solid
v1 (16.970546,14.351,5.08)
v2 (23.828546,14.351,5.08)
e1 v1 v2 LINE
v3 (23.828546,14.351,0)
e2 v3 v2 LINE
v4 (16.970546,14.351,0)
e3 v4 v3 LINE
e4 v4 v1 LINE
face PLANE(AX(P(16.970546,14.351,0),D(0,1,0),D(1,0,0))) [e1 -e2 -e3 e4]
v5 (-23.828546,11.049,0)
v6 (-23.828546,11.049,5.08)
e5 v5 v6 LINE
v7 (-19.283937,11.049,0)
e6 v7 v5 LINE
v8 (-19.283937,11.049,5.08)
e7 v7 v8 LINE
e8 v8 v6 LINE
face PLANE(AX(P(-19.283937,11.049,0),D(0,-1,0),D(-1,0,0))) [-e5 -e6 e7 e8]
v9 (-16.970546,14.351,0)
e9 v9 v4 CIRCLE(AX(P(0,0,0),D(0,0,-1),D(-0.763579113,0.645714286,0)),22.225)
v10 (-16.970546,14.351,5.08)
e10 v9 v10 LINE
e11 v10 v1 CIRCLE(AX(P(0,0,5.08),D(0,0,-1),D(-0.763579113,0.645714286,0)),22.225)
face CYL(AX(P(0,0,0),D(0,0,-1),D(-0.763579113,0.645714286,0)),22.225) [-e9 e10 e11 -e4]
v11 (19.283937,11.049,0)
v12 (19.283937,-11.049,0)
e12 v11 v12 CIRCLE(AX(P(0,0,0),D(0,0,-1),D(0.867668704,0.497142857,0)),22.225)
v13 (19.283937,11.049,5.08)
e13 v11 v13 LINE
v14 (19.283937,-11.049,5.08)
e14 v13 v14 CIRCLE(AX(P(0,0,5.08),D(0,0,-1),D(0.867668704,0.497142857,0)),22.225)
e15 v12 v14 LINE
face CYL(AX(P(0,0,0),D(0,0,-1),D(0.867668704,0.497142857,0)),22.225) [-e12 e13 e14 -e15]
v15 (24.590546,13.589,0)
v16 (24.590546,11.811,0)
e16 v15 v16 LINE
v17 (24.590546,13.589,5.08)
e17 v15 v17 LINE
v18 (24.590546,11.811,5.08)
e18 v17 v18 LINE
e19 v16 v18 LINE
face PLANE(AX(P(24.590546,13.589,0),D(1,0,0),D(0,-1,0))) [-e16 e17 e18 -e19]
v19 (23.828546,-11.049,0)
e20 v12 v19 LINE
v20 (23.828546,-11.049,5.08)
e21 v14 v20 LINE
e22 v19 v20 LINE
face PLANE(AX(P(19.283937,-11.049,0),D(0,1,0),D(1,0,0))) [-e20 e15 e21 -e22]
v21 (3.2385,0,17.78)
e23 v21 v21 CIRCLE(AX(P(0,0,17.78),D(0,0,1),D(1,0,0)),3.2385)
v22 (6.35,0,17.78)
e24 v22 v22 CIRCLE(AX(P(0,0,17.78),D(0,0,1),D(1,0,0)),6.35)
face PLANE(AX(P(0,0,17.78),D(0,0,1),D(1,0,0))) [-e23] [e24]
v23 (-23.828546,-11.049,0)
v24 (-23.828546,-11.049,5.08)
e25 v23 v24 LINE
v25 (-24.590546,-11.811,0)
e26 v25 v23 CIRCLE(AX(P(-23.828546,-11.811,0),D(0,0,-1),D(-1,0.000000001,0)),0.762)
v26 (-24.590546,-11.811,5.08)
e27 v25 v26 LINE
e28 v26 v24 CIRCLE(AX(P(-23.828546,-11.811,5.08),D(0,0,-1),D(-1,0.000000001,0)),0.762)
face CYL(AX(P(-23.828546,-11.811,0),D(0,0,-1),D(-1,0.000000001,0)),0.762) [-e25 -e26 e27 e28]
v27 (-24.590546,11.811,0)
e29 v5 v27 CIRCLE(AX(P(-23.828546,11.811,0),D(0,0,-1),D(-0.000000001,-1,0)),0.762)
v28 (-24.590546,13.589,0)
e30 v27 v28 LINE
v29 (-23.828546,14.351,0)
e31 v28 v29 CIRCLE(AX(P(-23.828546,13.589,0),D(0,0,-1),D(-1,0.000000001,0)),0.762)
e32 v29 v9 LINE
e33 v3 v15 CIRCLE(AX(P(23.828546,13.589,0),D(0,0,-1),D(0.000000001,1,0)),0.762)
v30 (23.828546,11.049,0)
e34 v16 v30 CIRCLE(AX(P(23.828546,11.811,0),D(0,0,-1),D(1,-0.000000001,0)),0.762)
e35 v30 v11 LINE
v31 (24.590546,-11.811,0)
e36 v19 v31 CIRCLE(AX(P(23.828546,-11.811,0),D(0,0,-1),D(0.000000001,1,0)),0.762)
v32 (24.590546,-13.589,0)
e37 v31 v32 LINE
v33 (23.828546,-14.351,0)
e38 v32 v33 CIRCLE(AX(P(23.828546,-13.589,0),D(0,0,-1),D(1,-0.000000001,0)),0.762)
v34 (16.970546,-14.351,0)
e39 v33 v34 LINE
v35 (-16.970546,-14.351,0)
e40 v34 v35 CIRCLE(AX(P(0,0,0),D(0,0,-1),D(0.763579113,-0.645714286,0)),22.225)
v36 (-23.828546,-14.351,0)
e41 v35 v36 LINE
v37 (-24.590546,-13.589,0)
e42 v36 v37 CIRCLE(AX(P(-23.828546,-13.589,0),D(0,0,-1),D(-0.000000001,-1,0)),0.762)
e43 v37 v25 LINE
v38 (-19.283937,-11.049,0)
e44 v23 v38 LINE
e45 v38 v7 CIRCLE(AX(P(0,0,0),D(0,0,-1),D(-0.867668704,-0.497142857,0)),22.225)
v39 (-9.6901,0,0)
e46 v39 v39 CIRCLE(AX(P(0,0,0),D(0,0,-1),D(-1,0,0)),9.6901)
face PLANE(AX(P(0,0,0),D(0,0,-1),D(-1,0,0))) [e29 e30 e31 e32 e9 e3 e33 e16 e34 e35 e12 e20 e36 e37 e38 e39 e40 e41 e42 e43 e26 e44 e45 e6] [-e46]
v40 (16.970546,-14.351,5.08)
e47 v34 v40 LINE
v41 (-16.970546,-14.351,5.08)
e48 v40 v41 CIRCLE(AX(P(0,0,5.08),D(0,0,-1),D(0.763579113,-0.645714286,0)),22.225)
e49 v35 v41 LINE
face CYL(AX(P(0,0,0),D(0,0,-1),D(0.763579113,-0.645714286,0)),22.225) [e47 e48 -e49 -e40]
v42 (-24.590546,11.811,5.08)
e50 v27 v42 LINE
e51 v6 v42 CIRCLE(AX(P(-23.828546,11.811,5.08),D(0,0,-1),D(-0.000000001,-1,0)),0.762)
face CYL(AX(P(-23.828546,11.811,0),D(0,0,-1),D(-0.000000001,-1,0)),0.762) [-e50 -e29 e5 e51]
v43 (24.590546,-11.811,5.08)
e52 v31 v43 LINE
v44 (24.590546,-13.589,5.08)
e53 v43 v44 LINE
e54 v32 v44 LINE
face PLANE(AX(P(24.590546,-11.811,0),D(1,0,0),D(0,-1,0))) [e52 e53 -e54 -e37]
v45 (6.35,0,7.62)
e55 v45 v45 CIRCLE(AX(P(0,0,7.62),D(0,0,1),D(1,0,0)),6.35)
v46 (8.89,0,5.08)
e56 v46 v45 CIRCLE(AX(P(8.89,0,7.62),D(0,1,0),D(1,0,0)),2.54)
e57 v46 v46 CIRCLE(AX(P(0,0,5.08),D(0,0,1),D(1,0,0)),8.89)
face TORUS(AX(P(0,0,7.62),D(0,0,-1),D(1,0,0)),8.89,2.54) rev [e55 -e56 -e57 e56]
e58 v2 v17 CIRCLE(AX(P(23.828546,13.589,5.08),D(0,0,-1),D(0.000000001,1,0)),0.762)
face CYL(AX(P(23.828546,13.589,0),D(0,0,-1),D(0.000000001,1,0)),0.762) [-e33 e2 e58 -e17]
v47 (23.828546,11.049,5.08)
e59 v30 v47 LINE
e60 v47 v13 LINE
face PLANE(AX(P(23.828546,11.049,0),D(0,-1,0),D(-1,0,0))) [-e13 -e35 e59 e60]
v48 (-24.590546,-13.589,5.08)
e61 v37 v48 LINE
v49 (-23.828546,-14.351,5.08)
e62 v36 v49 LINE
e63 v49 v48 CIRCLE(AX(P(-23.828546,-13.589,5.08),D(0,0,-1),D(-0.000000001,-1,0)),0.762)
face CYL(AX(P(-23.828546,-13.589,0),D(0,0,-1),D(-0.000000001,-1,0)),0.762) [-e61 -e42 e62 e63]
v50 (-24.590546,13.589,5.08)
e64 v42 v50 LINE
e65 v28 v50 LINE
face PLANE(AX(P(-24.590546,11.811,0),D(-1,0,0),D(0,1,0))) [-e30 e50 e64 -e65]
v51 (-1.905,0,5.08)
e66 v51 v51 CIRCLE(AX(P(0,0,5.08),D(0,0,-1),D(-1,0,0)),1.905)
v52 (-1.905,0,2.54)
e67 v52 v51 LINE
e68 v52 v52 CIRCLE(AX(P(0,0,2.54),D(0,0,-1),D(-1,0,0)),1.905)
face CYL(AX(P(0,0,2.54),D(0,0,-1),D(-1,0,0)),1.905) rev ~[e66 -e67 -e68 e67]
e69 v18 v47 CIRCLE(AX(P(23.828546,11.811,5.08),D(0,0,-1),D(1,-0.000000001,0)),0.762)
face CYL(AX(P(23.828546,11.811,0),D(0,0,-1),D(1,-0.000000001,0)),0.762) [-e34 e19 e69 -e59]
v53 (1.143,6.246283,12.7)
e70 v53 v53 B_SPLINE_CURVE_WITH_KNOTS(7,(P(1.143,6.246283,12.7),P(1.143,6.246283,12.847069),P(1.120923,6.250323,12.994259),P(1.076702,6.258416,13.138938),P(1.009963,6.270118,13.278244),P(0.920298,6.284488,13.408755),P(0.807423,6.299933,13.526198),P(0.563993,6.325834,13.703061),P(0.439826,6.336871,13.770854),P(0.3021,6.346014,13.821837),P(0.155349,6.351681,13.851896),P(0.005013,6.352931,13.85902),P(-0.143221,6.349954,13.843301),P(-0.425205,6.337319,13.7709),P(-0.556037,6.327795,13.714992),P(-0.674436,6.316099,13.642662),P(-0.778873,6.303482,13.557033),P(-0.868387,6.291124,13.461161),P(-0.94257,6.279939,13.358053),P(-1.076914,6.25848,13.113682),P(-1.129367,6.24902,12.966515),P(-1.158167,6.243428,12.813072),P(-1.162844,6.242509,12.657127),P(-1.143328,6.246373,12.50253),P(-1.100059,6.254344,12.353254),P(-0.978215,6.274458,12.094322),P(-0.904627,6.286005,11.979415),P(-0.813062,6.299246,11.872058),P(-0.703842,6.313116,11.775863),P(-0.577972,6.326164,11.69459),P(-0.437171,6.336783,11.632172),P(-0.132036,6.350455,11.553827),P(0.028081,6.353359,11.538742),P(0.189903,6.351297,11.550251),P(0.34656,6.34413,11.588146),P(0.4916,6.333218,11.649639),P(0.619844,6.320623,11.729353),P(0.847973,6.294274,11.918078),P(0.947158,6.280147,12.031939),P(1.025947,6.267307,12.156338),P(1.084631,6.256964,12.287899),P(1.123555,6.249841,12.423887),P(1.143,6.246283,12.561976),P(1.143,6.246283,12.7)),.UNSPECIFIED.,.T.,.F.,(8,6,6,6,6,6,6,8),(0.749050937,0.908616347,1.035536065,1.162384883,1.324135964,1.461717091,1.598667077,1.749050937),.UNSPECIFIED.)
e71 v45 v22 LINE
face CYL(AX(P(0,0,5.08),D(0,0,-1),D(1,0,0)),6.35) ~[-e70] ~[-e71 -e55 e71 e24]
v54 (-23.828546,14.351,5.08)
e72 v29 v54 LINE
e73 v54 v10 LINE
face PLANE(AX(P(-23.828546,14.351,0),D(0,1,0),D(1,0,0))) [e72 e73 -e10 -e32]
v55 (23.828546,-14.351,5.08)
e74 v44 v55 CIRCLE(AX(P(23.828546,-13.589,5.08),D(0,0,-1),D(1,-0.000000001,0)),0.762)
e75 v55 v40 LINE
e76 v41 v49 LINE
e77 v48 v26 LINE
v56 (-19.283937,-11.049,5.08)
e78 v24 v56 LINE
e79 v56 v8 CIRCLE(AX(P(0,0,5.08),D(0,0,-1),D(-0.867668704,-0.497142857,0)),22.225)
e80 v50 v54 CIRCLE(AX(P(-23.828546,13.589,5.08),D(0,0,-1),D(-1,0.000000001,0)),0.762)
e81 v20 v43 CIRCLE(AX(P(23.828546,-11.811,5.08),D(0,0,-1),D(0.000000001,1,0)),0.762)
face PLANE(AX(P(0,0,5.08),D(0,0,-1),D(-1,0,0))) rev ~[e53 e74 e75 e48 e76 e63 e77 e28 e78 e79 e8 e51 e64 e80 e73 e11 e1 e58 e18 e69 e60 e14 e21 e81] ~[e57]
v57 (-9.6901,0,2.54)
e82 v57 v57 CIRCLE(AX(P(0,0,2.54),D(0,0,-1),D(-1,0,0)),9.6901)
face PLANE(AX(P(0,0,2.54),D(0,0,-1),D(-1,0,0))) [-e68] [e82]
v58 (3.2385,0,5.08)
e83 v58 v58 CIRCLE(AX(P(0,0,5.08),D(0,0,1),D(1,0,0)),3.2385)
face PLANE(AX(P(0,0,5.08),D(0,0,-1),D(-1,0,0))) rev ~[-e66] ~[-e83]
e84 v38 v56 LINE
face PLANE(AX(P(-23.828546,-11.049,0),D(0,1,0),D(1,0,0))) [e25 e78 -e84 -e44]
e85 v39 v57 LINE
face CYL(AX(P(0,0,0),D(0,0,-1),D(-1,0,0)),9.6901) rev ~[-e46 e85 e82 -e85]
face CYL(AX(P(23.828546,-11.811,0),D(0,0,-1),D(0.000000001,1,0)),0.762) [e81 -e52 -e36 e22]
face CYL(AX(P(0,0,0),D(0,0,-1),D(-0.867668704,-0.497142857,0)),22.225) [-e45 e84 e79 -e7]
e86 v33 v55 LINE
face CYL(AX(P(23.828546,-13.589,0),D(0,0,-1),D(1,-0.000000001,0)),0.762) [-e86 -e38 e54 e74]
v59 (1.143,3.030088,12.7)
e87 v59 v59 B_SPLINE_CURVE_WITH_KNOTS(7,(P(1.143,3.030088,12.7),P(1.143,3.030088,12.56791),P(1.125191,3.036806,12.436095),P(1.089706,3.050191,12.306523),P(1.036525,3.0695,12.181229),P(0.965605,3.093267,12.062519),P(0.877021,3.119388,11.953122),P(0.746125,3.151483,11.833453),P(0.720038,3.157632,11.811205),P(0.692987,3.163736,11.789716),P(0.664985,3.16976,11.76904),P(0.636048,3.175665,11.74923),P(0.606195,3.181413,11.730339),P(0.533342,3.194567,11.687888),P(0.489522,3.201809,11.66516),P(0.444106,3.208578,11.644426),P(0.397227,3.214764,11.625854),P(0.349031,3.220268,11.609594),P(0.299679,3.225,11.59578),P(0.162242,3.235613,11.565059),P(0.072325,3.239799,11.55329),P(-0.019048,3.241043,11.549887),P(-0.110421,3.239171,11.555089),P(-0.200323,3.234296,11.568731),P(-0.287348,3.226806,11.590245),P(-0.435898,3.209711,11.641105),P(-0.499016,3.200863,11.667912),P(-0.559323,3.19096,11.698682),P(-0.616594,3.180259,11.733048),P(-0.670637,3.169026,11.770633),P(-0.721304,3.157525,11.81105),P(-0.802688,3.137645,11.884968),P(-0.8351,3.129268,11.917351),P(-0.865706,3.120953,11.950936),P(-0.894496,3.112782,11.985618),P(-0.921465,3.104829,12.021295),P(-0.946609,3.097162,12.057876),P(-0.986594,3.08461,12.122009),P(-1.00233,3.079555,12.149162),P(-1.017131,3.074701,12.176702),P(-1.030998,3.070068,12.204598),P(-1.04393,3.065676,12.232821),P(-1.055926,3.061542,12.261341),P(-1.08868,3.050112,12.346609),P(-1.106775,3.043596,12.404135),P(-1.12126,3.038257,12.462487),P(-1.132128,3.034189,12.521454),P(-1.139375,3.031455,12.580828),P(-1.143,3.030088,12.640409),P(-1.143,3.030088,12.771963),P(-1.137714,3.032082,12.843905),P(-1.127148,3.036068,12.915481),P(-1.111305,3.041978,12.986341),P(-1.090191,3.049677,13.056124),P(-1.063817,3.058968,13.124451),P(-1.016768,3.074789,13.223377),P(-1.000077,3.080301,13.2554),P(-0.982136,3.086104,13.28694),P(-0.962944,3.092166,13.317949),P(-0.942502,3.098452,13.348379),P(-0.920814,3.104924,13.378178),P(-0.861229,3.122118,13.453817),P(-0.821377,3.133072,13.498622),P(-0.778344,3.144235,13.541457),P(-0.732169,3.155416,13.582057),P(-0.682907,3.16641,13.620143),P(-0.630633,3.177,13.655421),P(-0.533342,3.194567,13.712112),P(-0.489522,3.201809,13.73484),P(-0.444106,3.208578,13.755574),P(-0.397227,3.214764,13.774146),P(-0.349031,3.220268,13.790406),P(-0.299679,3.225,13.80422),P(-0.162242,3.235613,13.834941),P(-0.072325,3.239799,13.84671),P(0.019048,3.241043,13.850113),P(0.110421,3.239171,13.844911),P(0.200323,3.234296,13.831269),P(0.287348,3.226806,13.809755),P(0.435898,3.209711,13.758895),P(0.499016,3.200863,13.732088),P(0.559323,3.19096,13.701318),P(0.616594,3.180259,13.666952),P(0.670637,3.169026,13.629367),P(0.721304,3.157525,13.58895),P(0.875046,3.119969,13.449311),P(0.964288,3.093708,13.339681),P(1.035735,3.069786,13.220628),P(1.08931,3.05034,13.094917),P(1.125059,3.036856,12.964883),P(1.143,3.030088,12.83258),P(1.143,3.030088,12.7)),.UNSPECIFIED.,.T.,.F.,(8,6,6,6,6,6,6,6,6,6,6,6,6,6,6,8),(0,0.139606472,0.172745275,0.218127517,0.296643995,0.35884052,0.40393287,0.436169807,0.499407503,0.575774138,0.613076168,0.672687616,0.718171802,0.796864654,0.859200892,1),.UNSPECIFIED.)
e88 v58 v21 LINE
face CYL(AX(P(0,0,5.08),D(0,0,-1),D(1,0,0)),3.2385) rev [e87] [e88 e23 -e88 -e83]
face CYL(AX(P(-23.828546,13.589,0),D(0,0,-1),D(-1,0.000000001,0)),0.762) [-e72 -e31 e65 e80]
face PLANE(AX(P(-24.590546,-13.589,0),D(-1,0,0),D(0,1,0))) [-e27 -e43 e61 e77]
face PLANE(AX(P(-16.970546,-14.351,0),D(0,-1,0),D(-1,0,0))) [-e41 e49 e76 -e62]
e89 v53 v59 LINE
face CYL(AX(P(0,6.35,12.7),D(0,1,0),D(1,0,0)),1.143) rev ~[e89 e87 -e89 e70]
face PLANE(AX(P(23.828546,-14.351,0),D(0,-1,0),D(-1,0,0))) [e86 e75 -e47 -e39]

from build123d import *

# Parameters (mm, degrees)
BOSS_EXTRUDE1_DEPTH = 5.08
SKETCH5_R           = 9.6901
CUT_EXTRUDE2_DEPTH  = 2.54
SKETCH6_R           = 6.35
SKETCH6_R_2         = 3.2385
BOSS_EXTRUDE4_DEPTH = 12.7
FILLET1_R           = 2.54
SKETCH8_R           = 1.143
CUT_EXTRUDE3_DEPTH  = 7.62
SKETCH9_R           = 1.905
CUT_EXTRUDE4_DEPTH  = 16.2400001


with BuildPart() as part:
    # Sketch1 → Boss-Extrude1 (new body)
    with BuildSketch(Plane.XY):
        with BuildLine():
            Line((-23.828545778, 14.351), (-16.970545778, 14.351))
            ThreePointArc((-16.970545778, 14.351), (0, 22.225), (16.970545778, 14.351))
            Line((16.970545778, 14.351), (23.828545778, 14.351))
            ThreePointArc((23.828545778, 14.351), (24.367361145, 14.127815367), (24.590545778, 13.589))
            Line((24.590545778, 13.589), (24.590545778, 11.811))
            ThreePointArc((24.590545778, 11.811), (24.367361145, 11.272184633), (23.828545778, 11.049))
            Line((23.828545778, 11.049), (19.283936942, 11.049))
            ThreePointArc((19.283936942, 11.049), (22.225, 0), (19.283936942, -11.049))
            Line((19.283936942, -11.049), (23.828545778, -11.049))
            ThreePointArc((23.828545778, -11.049), (24.367361145, -11.272184633), (24.590545778, -11.811))
            Line((24.590545778, -11.811), (24.590545778, -13.589))
            ThreePointArc((24.590545778, -13.589), (24.367361145, -14.127815367), (23.828545778, -14.351))
            Line((23.828545778, -14.351), (16.970545778, -14.351))
            ThreePointArc((16.970545778, -14.351), (0, -22.225), (-16.970545778, -14.351))
            Line((-16.970545778, -14.351), (-23.828545778, -14.351))
            ThreePointArc((-23.828545778, -14.351), (-24.367361145, -14.127815367), (-24.590545778, -13.589))
            Line((-24.590545778, -13.589), (-24.590545778, -11.811))
            ThreePointArc((-24.590545778, -11.811), (-24.367361145, -11.272184633), (-23.828545778, -11.049))
            Line((-23.828545778, -11.049), (-19.283936942, -11.049))
            ThreePointArc((-19.283936942, -11.049), (-22.225, 0), (-19.283936942, 11.049))
            Line((-19.283936942, 11.049), (-23.828545778, 11.049))
            ThreePointArc((-23.828545778, 11.049), (-24.367361145, 11.272184633), (-24.590545778, 11.811))
            Line((-24.590545778, 11.811), (-24.590545778, 13.589))
            ThreePointArc((-24.590545778, 13.589), (-24.367361145, 14.127815367), (-23.828545778, 14.351))
        make_face()
    extrude(amount=BOSS_EXTRUDE1_DEPTH)

    # Sketch5 → Cut-Extrude2 (cut)
    with BuildSketch(Plane(origin=(0, 0, 0), x_dir=(-1, 0, 0), z_dir=(0, 0, -1))):
        Circle(SKETCH5_R)
    extrude(amount=-CUT_EXTRUDE2_DEPTH, mode=Mode.SUBTRACT)

    # Sketch6 → Boss-Extrude4 (add)
    with BuildSketch(Plane.XY.offset(5.08)):
        Circle(SKETCH6_R)
        Circle(SKETCH6_R_2, mode=Mode.SUBTRACT)
    extrude(amount=BOSS_EXTRUDE4_DEPTH)

    # Fillet1
    fillet1_edges = [part.edges().sort_by_distance(p)[0] for p in [
        (-6.35, 0, 5.08),
    ]]
    fillet(fillet1_edges, radius=FILLET1_R)

    # Sketch8 → Cut-Extrude3 (cut)
    with BuildSketch(Plane(origin=(0, 6.35, 0), x_dir=(1, 0, 0), z_dir=(0, 1, 0))):
        with Locations((0, -12.7)):
            Circle(SKETCH8_R)
    extrude(amount=-CUT_EXTRUDE3_DEPTH, mode=Mode.SUBTRACT)

    # Sketch9 → Cut-Extrude4 (cut, through all)
    with BuildSketch(Plane(origin=(0, 0, 2.54), x_dir=(-1, 0, 0), z_dir=(0, 0, -1))):
        Circle(SKETCH9_R)
    extrude(amount=-CUT_EXTRUDE4_DEPTH, mode=Mode.SUBTRACT)


solid = part.part
